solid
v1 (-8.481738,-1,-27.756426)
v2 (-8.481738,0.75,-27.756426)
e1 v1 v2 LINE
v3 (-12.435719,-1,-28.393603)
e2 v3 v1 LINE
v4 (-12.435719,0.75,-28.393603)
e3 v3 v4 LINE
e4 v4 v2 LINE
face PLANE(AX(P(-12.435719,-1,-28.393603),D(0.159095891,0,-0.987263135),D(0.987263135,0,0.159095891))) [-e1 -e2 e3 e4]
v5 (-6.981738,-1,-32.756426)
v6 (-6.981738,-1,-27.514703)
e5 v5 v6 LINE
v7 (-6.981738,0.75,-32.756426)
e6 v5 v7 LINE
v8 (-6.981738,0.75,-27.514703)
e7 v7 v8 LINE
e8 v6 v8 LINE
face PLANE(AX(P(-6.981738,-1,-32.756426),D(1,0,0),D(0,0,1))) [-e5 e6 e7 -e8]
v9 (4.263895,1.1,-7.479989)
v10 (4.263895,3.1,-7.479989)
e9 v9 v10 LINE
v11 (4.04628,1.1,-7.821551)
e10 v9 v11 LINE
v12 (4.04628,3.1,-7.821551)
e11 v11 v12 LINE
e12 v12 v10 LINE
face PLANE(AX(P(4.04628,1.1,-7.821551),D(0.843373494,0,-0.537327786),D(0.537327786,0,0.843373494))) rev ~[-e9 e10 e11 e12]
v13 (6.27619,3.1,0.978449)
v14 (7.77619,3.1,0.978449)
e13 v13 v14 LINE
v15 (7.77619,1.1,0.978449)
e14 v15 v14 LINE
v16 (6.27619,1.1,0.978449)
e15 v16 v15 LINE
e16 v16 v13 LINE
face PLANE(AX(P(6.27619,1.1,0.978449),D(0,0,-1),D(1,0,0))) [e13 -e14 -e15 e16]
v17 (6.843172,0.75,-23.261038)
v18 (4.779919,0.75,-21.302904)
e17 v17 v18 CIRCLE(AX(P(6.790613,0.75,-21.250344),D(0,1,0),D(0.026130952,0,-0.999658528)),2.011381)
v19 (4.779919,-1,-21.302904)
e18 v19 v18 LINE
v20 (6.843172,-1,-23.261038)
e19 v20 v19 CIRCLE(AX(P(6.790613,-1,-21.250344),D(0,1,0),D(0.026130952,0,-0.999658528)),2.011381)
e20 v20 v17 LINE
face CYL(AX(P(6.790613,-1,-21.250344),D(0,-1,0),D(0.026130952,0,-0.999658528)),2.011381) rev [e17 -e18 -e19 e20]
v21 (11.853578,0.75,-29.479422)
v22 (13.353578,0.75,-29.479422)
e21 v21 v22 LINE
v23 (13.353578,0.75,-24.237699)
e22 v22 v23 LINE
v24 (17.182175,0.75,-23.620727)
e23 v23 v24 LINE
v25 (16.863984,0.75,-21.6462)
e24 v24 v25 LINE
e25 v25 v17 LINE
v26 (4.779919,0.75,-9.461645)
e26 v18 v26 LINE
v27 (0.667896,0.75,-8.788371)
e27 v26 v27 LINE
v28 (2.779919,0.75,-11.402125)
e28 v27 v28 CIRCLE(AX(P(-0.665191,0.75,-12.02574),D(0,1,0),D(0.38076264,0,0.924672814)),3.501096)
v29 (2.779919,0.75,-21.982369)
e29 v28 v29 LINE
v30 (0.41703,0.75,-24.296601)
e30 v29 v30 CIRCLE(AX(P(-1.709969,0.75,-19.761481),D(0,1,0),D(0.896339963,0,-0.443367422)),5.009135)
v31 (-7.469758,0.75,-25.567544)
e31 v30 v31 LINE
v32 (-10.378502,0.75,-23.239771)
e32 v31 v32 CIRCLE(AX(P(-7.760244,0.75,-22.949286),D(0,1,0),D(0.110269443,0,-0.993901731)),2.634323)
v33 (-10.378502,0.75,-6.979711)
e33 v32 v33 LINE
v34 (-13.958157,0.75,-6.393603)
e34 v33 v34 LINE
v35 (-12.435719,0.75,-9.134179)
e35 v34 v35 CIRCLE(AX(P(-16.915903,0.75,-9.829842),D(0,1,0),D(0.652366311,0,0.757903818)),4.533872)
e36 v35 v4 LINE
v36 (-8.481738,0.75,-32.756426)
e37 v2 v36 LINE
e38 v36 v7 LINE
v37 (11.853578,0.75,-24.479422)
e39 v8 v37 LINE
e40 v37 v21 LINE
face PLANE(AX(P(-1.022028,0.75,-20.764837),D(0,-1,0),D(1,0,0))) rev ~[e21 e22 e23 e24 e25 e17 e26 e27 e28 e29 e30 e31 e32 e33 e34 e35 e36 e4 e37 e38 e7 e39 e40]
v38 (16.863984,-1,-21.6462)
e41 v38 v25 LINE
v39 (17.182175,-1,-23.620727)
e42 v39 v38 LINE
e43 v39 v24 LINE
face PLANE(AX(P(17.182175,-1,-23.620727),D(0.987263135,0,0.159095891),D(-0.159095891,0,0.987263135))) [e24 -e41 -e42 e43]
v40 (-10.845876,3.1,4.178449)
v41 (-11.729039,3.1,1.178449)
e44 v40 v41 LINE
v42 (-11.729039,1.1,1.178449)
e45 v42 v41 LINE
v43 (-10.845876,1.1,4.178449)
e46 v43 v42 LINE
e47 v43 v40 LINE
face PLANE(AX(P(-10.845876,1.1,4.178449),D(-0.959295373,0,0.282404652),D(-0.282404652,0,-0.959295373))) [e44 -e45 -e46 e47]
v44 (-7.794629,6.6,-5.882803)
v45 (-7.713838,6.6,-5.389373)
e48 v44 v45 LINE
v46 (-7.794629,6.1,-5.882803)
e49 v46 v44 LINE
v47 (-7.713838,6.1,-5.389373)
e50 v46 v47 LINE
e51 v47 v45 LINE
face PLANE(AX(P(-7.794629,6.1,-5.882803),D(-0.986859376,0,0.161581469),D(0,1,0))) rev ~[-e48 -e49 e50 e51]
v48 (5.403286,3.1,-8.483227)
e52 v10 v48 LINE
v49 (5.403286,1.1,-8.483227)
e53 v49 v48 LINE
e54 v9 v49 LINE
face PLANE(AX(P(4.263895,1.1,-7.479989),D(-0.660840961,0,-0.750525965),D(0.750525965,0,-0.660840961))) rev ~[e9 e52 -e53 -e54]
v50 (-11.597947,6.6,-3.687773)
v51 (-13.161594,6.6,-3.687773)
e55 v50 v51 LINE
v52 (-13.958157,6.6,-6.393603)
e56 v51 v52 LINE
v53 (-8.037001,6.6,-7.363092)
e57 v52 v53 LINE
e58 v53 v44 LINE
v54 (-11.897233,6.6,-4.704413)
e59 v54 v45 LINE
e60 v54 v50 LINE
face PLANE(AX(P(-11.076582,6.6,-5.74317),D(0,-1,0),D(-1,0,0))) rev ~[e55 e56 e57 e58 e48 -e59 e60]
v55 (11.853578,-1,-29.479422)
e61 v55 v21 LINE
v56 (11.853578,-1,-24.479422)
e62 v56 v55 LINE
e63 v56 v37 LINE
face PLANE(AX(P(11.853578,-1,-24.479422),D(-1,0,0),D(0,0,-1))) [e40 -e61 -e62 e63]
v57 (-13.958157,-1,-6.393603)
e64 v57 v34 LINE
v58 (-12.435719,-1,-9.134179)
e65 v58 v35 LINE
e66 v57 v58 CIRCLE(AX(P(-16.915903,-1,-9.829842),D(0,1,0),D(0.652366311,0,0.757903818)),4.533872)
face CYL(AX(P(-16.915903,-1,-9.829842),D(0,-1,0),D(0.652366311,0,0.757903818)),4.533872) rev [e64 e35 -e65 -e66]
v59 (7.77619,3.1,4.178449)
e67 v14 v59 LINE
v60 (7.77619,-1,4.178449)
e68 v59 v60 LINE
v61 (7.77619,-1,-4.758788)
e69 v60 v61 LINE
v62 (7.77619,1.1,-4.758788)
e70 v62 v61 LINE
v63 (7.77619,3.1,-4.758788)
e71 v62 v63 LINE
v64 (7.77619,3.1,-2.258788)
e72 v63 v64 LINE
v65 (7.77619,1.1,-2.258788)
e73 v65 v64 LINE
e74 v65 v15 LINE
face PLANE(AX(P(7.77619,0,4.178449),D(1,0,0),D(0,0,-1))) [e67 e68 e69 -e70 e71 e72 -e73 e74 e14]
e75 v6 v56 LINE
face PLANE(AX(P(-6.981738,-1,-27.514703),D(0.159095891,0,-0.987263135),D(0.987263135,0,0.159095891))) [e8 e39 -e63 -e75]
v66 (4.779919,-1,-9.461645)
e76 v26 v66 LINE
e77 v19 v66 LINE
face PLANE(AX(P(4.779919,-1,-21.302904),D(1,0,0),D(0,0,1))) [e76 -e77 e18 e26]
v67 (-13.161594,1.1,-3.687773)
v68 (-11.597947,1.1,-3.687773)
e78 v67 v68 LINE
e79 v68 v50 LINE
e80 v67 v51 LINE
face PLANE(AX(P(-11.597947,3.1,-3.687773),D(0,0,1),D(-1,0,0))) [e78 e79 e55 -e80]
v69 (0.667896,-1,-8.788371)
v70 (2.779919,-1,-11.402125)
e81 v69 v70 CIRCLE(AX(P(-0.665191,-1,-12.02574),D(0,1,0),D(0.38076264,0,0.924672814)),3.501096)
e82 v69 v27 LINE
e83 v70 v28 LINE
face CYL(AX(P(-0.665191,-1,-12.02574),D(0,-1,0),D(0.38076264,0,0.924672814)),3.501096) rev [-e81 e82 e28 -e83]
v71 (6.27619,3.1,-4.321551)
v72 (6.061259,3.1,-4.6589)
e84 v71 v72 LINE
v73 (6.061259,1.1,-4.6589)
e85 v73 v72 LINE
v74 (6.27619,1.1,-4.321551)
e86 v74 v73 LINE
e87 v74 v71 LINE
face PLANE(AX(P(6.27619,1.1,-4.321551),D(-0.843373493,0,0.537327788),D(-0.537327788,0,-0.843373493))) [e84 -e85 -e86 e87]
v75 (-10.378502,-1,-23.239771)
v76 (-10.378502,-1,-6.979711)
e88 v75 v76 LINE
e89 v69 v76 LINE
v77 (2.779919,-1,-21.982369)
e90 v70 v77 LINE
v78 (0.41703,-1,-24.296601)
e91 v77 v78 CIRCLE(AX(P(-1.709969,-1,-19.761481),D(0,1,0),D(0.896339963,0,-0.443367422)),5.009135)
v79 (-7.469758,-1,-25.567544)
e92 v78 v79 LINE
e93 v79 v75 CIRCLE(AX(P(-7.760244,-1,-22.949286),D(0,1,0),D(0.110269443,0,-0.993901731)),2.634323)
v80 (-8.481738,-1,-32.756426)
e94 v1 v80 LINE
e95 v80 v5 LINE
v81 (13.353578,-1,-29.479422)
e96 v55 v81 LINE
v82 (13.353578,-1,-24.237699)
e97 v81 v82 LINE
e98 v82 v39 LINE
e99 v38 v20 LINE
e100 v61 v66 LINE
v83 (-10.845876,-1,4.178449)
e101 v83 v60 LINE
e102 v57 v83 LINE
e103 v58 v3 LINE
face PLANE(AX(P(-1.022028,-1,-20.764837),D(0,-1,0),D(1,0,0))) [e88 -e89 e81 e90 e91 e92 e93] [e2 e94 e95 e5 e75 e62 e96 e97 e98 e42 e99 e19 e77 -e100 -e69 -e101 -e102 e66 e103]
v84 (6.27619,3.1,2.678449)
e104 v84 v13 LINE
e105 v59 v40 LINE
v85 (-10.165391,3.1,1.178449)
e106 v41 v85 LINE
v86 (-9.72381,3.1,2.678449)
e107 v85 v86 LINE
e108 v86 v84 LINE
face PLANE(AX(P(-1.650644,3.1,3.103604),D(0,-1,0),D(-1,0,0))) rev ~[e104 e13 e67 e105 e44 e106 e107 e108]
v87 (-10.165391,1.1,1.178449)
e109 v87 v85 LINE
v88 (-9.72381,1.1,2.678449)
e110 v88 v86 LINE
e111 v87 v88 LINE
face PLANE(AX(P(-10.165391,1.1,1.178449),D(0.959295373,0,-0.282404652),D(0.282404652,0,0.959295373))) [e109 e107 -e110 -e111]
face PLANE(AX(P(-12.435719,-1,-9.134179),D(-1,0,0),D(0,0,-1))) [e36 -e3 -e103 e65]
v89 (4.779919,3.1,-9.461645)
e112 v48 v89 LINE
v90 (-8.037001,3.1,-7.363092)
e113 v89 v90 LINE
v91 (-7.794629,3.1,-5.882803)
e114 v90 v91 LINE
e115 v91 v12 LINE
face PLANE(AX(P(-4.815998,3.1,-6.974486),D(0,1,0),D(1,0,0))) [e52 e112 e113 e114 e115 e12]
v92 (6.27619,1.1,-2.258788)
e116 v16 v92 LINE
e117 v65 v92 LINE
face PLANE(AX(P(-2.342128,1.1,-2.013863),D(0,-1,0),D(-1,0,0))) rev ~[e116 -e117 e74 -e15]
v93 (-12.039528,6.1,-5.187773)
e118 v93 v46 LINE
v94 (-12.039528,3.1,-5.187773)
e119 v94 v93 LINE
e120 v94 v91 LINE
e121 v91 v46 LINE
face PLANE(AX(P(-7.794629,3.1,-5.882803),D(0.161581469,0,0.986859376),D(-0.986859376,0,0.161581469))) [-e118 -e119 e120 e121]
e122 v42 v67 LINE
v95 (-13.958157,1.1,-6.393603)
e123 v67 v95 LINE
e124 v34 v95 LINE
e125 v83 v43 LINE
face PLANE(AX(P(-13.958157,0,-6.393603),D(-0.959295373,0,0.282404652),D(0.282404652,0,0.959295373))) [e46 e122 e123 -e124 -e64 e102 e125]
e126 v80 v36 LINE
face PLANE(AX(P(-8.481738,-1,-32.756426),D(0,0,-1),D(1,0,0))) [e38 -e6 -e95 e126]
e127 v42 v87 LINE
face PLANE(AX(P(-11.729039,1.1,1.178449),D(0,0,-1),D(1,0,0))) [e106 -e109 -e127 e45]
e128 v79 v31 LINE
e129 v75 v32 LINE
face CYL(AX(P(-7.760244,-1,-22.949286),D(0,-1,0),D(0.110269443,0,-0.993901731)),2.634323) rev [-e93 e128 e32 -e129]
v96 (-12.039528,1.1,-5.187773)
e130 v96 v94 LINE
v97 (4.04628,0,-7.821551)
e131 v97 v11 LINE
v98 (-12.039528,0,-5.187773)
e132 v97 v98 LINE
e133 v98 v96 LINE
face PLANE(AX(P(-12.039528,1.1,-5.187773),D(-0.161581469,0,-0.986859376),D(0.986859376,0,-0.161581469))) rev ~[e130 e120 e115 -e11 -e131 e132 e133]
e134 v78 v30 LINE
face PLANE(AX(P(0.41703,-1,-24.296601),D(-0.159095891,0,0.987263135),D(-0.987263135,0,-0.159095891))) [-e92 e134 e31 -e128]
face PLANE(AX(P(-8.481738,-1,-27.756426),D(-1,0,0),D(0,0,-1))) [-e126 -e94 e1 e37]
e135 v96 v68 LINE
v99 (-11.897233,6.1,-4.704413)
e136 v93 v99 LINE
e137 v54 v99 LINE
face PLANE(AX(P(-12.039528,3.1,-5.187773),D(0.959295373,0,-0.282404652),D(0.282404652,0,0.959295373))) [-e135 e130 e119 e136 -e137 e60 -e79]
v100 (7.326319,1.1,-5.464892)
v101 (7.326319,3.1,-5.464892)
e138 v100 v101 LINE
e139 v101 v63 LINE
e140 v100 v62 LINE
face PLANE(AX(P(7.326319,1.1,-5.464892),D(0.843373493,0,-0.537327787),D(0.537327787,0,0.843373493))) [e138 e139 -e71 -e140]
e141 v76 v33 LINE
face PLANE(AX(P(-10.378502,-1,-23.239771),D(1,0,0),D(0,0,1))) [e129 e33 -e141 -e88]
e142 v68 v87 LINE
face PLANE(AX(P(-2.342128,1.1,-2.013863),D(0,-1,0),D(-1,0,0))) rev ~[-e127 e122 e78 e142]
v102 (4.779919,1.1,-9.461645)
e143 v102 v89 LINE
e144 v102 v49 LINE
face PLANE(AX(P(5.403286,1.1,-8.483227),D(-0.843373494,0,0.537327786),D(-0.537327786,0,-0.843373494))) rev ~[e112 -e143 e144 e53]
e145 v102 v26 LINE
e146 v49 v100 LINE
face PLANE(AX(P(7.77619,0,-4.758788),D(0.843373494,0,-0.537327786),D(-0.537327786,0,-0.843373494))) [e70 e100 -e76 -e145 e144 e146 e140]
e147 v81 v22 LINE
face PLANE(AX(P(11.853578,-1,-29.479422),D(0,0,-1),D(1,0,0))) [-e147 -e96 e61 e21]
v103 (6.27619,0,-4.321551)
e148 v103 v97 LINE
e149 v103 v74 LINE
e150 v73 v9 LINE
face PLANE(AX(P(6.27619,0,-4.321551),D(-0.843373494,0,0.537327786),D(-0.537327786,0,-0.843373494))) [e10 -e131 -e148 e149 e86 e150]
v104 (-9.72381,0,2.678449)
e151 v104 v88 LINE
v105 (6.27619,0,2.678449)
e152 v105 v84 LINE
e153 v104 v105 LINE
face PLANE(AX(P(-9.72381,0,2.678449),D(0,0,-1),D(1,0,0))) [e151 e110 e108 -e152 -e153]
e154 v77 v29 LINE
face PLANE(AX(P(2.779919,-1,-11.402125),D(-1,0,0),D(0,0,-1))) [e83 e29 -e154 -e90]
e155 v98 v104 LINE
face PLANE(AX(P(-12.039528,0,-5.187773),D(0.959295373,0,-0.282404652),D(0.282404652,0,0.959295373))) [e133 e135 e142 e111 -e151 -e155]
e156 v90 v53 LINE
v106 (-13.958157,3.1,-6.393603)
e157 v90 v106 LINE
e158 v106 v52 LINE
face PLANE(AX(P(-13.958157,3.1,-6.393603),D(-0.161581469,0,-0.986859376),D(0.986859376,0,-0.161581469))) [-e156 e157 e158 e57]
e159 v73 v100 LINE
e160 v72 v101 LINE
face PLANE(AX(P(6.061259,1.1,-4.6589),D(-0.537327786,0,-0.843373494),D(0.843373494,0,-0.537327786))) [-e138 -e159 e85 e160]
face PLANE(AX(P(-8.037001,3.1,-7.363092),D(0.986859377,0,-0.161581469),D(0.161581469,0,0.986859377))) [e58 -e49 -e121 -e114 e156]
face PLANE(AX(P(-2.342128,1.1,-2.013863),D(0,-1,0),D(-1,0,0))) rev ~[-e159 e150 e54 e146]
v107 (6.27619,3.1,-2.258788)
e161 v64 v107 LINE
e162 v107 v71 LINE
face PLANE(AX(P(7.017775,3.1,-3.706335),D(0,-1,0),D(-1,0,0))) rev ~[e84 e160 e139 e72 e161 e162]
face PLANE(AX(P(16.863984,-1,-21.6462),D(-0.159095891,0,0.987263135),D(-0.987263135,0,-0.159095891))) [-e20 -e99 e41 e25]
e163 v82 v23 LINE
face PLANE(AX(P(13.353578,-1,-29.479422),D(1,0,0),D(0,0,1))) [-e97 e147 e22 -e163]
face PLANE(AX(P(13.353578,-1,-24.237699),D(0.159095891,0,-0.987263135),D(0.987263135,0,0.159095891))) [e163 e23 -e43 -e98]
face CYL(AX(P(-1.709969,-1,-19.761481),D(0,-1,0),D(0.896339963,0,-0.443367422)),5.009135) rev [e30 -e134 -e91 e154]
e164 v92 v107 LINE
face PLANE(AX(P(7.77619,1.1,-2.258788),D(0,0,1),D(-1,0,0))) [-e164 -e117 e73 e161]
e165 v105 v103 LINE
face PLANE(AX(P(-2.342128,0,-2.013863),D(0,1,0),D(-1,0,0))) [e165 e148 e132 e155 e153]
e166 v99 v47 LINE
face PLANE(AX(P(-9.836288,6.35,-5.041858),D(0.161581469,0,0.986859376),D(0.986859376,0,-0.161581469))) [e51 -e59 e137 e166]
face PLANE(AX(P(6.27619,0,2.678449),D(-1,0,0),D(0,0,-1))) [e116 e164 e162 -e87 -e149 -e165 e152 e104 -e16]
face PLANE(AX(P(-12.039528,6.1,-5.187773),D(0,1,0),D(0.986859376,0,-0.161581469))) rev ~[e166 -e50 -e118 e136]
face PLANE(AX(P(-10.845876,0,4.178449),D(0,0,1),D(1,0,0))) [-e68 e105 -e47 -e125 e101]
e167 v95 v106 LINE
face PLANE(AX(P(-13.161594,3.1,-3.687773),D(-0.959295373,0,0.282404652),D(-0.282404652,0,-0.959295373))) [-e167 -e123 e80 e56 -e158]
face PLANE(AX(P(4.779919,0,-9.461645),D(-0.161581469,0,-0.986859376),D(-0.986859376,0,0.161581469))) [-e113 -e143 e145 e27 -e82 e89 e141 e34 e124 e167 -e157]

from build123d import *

# Parameters (mm, degrees)
BOSS_EXTRUDE4_DEPTH  = 1.1
BOSS_EXTRUDE6_DEPTH  = 2
BOSS_EXTRUDE8_DEPTH  = 1
BOSS_EXTRUDE9_DEPTH  = 3.5
SKETCH13_W           = 4.301422626
SKETCH13_H           = 0.5
BOSS_EXTRUDE10_DEPTH = 0.5
BOSS_EXTRUDE11_DEPTH = 1.75


with BuildPart() as part:
    # Sketch1 → Boss-Extrude4 (new body)
    with BuildSketch(Plane(origin=(0, 0, 0), x_dir=(1, 0, 0), z_dir=(0, 1, 0))):
        Polygon((-13.958157374, 6.393603317), (4.779918737, 9.461645161), (7.776189987, 4.758788138), (7.776189987, -4.178449178), (-10.845876326, -4.178449178), align=None)
        Polygon((-12.039528162, 5.187772879), (-9.723810013, -2.678449178), (6.276189987, -2.678449178), (6.276189987, 4.321550822), (4.046279675, 7.821550822), align=None, mode=Mode.SUBTRACT)
    extrude(amount=BOSS_EXTRUDE4_DEPTH)

    # Sketch4 → Boss-Extrude6 (add)
    with BuildSketch(Plane(origin=(0, 1.1, 0), x_dir=(1, 0, 0), z_dir=(0, 1, 0))):
        Polygon((4.263894856, 7.479988594), (5.40328595, 8.483226777), (4.779918737, 9.461645161), (-13.958157374, 6.393603317), (-13.161594474, 3.687772879), (-11.597946778, 3.687772879), (-12.039528162, 5.187772879), (4.046279675, 7.821550822), align=None)
        Polygon((6.276189987, -0.978449178), (7.776189987, -0.978449178), (7.776189987, -4.178449178), (-10.845876326, -4.178449178), (-11.729039094, -1.178449178), (-10.165391397, -1.178449178), (-9.723810013, -2.678449178), (6.276189987, -2.678449178), align=None)
        Polygon((6.276189987, 2.258788138), (6.276189987, 4.321550822), (6.061258872, 4.658900219), (7.326319113, 5.464891898), (7.776189987, 4.758788138), (7.776189987, 2.258788138), align=None)
    extrude(amount=BOSS_EXTRUDE6_DEPTH)

    # Sketch8 → Boss-Extrude8 (add)
    with BuildSketch(Plane.XZ):
        Polygon((4.779918737, -9.461645161), (-13.958157374, -6.393603317), (-10.845876326, 4.178449178), (7.776189987, 4.178449178), (7.776189987, -4.758788138), align=None)
    extrude(amount=BOSS_EXTRUDE8_DEPTH)

    # Sketch12 → Boss-Extrude9 (add)
    with BuildSketch(Plane(origin=(0, 3.1, 0), x_dir=(1, 0, 0), z_dir=(0, 1, 0))):
        Polygon((-13.958157374, 6.393603317), (-8.037001115, 7.36309213), (-7.794628912, 5.882803065), (-12.039528162, 5.187772879), (-11.597946778, 3.687772879), (-13.161594474, 3.687772879), align=None)
    extrude(amount=BOSS_EXTRUDE9_DEPTH)

    # Sketch13 → Boss-Extrude10 (add)
    with BuildSketch(Plane(origin=(-1.141567738, 0, -6.972128883), x_dir=(0.9868593764655612, 0, -0.16158146886943345), z_dir=(0.16158146886943345, 0, 0.9868593764655612))):
        with Locations((-8.89236198, 6.35)):
            Rectangle(SKETCH13_W, SKETCH13_H)
    extrude(amount=BOSS_EXTRUDE10_DEPTH)

    # Sketch14 → Boss-Extrude11 (add)
    with BuildSketch(Plane.XZ.offset(1)):
        with BuildLine():
            Line((-12.435718696, -28.393603317), (-8.481738038, -27.756425594))
            Line((-8.481738038, -27.756425594), (-8.481738038, -32.756425594))
            Line((-8.481738038, -32.756425594), (-6.981738038, -32.756425594))
            Line((-6.981738038, -32.756425594), (-6.981738038, -27.514702969))
            Line((-6.981738038, -27.514702969), (11.853577786, -24.479421647))
            Line((11.853577786, -24.479421647), (11.853577786, -29.479421647))
            Line((11.853577786, -29.479421647), (13.353577786, -29.479421647))
            Line((13.353577786, -29.479421647), (13.353577786, -24.237699022))
            Line((13.353577786, -24.237699022), (17.18217535, -23.620726586))
            Line((17.18217535, -23.620726586), (16.863983568, -21.646200317))
            Line((16.863983568, -21.646200317), (6.843172004, -23.261038234))
            ThreePointArc((6.843172004, -23.261038234), (5.406002401, -22.709284639), (4.779918737, -21.302903559))
            Line((4.779918737, -21.302903559), (4.779918737, -9.461645161))
            Line((4.779918737, -9.461645161), (0.667895788, -8.788371214))
            ThreePointArc((0.667895788, -8.788371214), (2.057990663, -9.82529493), (2.779918737, -11.402125424))
            Line((2.779918737, -11.402125424), (2.779918737, -21.982368725))
            ThreePointArc((2.779918737, -21.982368725), (1.794986848, -23.340128824), (0.417030157, -24.296600818))
            Line((0.417030157, -24.296600818), (-7.469758325, -25.567544294))
            ThreePointArc((-7.469758325, -25.567544294), (-9.406227727, -25.006078343), (-10.378501991, -23.239771316))
            Line((-10.378501991, -23.239771316), (-10.378501991, -6.979711114))
            Line((-10.378501991, -6.979711114), (-13.958157374, -6.393603317))
            ThreePointArc((-13.958157374, -6.393603317), (-12.952521948, -7.628113726), (-12.435718696, -9.134179116))
            Line((-12.435718696, -9.134179116), (-12.435718696, -28.393603317))
        make_face()
    extrude(amount=-BOSS_EXTRUDE11_DEPTH)


solid = part.part
